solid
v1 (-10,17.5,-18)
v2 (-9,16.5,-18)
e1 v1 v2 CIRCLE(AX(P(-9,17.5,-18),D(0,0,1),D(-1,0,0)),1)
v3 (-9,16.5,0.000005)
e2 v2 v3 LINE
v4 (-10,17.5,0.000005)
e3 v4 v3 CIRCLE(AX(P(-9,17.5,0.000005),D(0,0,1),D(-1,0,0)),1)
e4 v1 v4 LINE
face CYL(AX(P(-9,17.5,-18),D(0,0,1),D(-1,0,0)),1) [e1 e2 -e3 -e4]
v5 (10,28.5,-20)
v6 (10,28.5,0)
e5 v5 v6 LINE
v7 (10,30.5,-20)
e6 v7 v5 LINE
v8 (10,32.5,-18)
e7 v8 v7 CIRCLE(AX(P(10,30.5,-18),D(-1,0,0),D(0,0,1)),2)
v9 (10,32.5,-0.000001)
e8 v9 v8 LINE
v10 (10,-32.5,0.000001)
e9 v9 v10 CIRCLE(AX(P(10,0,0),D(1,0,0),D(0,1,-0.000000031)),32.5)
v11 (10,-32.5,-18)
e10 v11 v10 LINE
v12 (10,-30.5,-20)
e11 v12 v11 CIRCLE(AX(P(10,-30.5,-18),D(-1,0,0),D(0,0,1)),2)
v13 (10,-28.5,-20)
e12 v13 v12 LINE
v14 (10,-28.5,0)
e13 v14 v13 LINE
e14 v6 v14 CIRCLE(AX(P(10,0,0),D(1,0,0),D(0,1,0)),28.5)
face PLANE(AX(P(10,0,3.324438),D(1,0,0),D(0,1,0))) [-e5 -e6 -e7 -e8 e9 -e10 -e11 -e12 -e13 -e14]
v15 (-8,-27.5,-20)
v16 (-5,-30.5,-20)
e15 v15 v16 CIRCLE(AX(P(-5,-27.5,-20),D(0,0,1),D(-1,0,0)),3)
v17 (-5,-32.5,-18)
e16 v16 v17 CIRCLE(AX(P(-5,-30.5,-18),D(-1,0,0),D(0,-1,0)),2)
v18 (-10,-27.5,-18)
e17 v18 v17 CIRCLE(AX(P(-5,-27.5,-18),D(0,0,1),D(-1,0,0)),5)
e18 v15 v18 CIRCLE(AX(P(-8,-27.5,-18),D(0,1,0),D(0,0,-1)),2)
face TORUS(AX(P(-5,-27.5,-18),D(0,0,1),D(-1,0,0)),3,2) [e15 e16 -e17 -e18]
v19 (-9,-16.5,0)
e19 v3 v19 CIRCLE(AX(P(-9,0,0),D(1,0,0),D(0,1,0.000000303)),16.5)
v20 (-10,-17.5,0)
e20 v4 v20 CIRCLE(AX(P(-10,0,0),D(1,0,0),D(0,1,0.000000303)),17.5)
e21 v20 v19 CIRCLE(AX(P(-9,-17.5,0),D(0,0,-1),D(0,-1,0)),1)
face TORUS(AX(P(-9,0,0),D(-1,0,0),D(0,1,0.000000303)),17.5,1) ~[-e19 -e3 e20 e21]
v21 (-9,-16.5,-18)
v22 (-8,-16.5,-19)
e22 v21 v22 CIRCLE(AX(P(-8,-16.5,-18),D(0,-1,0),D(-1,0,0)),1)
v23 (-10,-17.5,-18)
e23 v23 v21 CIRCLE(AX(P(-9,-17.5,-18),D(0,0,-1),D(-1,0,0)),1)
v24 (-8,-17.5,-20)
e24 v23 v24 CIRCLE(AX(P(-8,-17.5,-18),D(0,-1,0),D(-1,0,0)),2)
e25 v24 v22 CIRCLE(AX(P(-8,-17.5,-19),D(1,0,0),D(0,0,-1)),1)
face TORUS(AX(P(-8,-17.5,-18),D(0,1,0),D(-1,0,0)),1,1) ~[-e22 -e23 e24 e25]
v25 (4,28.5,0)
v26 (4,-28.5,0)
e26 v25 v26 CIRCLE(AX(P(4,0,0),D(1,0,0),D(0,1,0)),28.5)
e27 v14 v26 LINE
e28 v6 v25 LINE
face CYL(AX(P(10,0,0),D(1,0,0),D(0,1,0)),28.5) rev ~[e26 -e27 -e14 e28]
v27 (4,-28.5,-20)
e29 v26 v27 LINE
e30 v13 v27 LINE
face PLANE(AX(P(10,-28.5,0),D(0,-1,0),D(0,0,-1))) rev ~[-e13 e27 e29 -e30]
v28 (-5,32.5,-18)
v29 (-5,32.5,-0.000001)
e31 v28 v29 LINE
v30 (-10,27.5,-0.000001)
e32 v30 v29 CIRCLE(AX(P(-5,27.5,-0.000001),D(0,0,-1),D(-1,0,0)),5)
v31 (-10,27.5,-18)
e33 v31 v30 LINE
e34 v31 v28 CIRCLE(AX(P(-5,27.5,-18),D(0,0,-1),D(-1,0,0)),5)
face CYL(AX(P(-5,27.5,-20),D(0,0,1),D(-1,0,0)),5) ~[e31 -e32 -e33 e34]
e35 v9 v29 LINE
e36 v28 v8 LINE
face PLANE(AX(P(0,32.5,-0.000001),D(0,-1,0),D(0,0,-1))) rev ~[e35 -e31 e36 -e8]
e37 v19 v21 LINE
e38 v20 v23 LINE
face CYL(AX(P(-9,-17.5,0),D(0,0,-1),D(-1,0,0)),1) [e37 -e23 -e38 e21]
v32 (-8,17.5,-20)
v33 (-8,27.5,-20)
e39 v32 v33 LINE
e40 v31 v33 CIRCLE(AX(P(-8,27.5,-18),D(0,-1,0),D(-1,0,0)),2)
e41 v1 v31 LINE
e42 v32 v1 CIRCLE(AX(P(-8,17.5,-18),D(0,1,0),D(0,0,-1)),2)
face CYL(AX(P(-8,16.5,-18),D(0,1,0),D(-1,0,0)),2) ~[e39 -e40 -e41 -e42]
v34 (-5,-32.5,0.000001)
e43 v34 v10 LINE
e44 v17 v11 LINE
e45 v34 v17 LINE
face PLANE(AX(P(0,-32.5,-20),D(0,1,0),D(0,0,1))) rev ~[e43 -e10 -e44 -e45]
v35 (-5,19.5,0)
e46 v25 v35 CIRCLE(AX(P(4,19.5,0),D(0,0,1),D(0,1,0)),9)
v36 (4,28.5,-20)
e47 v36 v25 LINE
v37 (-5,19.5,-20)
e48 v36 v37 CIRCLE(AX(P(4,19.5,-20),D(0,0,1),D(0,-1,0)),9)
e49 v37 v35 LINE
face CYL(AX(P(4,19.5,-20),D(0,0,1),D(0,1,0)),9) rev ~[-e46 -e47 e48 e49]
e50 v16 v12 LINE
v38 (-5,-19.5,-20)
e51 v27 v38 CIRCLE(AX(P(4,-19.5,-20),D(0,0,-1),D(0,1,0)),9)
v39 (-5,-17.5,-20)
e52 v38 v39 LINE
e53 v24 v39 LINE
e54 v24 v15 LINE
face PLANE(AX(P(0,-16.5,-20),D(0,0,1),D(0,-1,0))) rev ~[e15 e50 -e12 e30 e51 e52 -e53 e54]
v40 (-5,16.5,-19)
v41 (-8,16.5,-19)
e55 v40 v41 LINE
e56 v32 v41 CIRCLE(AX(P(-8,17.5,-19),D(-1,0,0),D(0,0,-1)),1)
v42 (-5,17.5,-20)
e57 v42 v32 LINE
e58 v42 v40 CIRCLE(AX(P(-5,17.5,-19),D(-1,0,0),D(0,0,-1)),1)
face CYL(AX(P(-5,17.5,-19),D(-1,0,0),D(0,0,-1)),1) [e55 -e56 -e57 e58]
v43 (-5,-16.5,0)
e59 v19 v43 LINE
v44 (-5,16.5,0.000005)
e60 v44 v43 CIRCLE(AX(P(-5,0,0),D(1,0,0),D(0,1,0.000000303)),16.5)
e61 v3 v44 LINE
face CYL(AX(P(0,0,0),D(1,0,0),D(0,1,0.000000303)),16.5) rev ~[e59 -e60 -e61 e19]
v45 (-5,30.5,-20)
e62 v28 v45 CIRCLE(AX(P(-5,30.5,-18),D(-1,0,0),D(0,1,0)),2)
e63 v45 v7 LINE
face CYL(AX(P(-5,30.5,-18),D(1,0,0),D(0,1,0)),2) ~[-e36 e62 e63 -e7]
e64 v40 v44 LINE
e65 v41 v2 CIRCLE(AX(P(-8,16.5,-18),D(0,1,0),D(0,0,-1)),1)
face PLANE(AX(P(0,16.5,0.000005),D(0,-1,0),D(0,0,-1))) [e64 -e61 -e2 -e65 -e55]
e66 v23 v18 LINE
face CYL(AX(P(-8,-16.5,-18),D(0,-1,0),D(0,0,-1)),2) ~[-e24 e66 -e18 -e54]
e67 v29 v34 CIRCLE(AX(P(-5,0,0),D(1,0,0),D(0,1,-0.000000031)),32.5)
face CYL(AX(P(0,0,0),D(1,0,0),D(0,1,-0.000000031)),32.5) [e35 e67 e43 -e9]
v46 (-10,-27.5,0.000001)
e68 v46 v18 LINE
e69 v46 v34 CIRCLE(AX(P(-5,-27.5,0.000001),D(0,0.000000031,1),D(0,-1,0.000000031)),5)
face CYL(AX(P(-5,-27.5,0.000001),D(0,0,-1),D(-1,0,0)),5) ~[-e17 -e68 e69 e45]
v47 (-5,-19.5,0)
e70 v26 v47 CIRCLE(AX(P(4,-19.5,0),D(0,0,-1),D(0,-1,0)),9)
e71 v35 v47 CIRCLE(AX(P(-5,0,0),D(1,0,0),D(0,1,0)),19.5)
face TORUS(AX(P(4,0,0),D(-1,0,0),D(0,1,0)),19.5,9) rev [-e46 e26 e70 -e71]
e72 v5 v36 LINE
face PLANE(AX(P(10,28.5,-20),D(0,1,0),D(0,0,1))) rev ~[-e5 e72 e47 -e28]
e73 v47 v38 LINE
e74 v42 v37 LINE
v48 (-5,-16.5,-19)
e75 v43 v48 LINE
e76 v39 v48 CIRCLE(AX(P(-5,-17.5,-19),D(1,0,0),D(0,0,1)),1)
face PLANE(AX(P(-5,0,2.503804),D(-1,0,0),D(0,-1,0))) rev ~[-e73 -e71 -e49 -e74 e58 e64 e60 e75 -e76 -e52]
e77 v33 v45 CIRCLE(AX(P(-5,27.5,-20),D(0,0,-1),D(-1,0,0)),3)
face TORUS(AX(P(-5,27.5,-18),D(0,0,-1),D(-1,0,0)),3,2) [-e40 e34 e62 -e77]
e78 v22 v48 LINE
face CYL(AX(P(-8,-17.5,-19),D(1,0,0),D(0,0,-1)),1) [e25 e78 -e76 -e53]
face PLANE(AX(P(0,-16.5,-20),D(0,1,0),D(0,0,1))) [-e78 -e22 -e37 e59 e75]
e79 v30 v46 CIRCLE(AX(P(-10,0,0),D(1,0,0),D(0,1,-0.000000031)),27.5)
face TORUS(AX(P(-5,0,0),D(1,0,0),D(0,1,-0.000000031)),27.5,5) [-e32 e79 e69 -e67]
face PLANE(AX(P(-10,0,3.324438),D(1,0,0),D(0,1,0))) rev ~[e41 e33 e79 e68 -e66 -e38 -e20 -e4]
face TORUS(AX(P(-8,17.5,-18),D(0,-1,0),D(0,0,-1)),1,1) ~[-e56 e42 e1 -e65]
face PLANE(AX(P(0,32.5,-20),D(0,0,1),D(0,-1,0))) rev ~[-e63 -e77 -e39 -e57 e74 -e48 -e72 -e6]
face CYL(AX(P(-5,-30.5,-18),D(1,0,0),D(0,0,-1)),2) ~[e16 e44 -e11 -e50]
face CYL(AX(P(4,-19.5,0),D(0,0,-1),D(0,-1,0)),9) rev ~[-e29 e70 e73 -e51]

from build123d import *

# Parameters (mm, degrees)
PAD_DEPTH    = 10
POCKET_DEPTH = 15
FILLET_R     = 9
FILLET001_R  = 5
FILLET002_R  = 2
FILLET003_R  = 1


with BuildPart() as part:
    # Sketch → Pad (new body, symmetric)
    with BuildSketch(Plane.YZ):
        with BuildLine():
            ThreePointArc((32.5, -1e-06), (1e-06, 32.5), (-32.5, 1e-06))
            Line((-32.5, -20), (-32.5, 1e-06))
            Line((-16.5, -20), (-32.5, -20))
            Line((-16.5, -20), (-16.5, 0))
            ThreePointArc((16.5, 5e-06), (-3e-06, 16.5), (-16.5, 0))
            Line((16.5, 5e-06), (16.5, -20))
            Line((32.5, -20), (16.5, -20))
            Line((32.5, -1e-06), (32.5, -20))
        make_face()
    extrude(amount=PAD_DEPTH, both=True)

    # Sketch001 → Pocket (cut)
    with BuildSketch(Plane.YZ.offset(10)):
        with BuildLine():
            Line((16.5, -20), (16.5, 5e-06))
            ThreePointArc((16.5, 5e-06), (-3e-06, 16.5), (-16.5, 0))
            Line((-16.5, 0), (-16.5, -20))
            Line((-28.5, -20), (-16.5, -20))
            Line((-28.5, 0), (-28.5, -20))
            ThreePointArc((28.5, 0), (0, 28.5), (-28.5, 0))
            Line((28.5, -20), (28.5, 0))
            Line((16.5, -20), (28.5, -20))
        make_face()
    extrude(amount=-POCKET_DEPTH, mode=Mode.SUBTRACT)

    # Fillet
    fillet_edges = [part.edges().sort_by_distance(p)[0] for p in [
        (-5, 0, 28.5),
    ]]
    fillet(fillet_edges, radius=FILLET_R)

    # Fillet001
    fillet001_edges = [part.edges().sort_by_distance(p)[0] for p in [
        (-10, 1e-06, 32.5),
    ]]
    fillet(fillet001_edges, radius=FILLET001_R)

    # Fillet002
    fillet002_edges = [part.edges().sort_by_distance(p)[0] for p in [
        (-8.535534, 31.035534, -20),
        (-8.535534, -31.035534, -20),
    ]]
    fillet(fillet002_edges, radius=FILLET002_R)

    # Fillet003
    fillet003_edges = [part.edges().sort_by_distance(p)[0] for p in [
        (-10, -3e-06, 16.5),
    ]]
    fillet(fillet003_edges, radius=FILLET003_R)


solid = part.part
